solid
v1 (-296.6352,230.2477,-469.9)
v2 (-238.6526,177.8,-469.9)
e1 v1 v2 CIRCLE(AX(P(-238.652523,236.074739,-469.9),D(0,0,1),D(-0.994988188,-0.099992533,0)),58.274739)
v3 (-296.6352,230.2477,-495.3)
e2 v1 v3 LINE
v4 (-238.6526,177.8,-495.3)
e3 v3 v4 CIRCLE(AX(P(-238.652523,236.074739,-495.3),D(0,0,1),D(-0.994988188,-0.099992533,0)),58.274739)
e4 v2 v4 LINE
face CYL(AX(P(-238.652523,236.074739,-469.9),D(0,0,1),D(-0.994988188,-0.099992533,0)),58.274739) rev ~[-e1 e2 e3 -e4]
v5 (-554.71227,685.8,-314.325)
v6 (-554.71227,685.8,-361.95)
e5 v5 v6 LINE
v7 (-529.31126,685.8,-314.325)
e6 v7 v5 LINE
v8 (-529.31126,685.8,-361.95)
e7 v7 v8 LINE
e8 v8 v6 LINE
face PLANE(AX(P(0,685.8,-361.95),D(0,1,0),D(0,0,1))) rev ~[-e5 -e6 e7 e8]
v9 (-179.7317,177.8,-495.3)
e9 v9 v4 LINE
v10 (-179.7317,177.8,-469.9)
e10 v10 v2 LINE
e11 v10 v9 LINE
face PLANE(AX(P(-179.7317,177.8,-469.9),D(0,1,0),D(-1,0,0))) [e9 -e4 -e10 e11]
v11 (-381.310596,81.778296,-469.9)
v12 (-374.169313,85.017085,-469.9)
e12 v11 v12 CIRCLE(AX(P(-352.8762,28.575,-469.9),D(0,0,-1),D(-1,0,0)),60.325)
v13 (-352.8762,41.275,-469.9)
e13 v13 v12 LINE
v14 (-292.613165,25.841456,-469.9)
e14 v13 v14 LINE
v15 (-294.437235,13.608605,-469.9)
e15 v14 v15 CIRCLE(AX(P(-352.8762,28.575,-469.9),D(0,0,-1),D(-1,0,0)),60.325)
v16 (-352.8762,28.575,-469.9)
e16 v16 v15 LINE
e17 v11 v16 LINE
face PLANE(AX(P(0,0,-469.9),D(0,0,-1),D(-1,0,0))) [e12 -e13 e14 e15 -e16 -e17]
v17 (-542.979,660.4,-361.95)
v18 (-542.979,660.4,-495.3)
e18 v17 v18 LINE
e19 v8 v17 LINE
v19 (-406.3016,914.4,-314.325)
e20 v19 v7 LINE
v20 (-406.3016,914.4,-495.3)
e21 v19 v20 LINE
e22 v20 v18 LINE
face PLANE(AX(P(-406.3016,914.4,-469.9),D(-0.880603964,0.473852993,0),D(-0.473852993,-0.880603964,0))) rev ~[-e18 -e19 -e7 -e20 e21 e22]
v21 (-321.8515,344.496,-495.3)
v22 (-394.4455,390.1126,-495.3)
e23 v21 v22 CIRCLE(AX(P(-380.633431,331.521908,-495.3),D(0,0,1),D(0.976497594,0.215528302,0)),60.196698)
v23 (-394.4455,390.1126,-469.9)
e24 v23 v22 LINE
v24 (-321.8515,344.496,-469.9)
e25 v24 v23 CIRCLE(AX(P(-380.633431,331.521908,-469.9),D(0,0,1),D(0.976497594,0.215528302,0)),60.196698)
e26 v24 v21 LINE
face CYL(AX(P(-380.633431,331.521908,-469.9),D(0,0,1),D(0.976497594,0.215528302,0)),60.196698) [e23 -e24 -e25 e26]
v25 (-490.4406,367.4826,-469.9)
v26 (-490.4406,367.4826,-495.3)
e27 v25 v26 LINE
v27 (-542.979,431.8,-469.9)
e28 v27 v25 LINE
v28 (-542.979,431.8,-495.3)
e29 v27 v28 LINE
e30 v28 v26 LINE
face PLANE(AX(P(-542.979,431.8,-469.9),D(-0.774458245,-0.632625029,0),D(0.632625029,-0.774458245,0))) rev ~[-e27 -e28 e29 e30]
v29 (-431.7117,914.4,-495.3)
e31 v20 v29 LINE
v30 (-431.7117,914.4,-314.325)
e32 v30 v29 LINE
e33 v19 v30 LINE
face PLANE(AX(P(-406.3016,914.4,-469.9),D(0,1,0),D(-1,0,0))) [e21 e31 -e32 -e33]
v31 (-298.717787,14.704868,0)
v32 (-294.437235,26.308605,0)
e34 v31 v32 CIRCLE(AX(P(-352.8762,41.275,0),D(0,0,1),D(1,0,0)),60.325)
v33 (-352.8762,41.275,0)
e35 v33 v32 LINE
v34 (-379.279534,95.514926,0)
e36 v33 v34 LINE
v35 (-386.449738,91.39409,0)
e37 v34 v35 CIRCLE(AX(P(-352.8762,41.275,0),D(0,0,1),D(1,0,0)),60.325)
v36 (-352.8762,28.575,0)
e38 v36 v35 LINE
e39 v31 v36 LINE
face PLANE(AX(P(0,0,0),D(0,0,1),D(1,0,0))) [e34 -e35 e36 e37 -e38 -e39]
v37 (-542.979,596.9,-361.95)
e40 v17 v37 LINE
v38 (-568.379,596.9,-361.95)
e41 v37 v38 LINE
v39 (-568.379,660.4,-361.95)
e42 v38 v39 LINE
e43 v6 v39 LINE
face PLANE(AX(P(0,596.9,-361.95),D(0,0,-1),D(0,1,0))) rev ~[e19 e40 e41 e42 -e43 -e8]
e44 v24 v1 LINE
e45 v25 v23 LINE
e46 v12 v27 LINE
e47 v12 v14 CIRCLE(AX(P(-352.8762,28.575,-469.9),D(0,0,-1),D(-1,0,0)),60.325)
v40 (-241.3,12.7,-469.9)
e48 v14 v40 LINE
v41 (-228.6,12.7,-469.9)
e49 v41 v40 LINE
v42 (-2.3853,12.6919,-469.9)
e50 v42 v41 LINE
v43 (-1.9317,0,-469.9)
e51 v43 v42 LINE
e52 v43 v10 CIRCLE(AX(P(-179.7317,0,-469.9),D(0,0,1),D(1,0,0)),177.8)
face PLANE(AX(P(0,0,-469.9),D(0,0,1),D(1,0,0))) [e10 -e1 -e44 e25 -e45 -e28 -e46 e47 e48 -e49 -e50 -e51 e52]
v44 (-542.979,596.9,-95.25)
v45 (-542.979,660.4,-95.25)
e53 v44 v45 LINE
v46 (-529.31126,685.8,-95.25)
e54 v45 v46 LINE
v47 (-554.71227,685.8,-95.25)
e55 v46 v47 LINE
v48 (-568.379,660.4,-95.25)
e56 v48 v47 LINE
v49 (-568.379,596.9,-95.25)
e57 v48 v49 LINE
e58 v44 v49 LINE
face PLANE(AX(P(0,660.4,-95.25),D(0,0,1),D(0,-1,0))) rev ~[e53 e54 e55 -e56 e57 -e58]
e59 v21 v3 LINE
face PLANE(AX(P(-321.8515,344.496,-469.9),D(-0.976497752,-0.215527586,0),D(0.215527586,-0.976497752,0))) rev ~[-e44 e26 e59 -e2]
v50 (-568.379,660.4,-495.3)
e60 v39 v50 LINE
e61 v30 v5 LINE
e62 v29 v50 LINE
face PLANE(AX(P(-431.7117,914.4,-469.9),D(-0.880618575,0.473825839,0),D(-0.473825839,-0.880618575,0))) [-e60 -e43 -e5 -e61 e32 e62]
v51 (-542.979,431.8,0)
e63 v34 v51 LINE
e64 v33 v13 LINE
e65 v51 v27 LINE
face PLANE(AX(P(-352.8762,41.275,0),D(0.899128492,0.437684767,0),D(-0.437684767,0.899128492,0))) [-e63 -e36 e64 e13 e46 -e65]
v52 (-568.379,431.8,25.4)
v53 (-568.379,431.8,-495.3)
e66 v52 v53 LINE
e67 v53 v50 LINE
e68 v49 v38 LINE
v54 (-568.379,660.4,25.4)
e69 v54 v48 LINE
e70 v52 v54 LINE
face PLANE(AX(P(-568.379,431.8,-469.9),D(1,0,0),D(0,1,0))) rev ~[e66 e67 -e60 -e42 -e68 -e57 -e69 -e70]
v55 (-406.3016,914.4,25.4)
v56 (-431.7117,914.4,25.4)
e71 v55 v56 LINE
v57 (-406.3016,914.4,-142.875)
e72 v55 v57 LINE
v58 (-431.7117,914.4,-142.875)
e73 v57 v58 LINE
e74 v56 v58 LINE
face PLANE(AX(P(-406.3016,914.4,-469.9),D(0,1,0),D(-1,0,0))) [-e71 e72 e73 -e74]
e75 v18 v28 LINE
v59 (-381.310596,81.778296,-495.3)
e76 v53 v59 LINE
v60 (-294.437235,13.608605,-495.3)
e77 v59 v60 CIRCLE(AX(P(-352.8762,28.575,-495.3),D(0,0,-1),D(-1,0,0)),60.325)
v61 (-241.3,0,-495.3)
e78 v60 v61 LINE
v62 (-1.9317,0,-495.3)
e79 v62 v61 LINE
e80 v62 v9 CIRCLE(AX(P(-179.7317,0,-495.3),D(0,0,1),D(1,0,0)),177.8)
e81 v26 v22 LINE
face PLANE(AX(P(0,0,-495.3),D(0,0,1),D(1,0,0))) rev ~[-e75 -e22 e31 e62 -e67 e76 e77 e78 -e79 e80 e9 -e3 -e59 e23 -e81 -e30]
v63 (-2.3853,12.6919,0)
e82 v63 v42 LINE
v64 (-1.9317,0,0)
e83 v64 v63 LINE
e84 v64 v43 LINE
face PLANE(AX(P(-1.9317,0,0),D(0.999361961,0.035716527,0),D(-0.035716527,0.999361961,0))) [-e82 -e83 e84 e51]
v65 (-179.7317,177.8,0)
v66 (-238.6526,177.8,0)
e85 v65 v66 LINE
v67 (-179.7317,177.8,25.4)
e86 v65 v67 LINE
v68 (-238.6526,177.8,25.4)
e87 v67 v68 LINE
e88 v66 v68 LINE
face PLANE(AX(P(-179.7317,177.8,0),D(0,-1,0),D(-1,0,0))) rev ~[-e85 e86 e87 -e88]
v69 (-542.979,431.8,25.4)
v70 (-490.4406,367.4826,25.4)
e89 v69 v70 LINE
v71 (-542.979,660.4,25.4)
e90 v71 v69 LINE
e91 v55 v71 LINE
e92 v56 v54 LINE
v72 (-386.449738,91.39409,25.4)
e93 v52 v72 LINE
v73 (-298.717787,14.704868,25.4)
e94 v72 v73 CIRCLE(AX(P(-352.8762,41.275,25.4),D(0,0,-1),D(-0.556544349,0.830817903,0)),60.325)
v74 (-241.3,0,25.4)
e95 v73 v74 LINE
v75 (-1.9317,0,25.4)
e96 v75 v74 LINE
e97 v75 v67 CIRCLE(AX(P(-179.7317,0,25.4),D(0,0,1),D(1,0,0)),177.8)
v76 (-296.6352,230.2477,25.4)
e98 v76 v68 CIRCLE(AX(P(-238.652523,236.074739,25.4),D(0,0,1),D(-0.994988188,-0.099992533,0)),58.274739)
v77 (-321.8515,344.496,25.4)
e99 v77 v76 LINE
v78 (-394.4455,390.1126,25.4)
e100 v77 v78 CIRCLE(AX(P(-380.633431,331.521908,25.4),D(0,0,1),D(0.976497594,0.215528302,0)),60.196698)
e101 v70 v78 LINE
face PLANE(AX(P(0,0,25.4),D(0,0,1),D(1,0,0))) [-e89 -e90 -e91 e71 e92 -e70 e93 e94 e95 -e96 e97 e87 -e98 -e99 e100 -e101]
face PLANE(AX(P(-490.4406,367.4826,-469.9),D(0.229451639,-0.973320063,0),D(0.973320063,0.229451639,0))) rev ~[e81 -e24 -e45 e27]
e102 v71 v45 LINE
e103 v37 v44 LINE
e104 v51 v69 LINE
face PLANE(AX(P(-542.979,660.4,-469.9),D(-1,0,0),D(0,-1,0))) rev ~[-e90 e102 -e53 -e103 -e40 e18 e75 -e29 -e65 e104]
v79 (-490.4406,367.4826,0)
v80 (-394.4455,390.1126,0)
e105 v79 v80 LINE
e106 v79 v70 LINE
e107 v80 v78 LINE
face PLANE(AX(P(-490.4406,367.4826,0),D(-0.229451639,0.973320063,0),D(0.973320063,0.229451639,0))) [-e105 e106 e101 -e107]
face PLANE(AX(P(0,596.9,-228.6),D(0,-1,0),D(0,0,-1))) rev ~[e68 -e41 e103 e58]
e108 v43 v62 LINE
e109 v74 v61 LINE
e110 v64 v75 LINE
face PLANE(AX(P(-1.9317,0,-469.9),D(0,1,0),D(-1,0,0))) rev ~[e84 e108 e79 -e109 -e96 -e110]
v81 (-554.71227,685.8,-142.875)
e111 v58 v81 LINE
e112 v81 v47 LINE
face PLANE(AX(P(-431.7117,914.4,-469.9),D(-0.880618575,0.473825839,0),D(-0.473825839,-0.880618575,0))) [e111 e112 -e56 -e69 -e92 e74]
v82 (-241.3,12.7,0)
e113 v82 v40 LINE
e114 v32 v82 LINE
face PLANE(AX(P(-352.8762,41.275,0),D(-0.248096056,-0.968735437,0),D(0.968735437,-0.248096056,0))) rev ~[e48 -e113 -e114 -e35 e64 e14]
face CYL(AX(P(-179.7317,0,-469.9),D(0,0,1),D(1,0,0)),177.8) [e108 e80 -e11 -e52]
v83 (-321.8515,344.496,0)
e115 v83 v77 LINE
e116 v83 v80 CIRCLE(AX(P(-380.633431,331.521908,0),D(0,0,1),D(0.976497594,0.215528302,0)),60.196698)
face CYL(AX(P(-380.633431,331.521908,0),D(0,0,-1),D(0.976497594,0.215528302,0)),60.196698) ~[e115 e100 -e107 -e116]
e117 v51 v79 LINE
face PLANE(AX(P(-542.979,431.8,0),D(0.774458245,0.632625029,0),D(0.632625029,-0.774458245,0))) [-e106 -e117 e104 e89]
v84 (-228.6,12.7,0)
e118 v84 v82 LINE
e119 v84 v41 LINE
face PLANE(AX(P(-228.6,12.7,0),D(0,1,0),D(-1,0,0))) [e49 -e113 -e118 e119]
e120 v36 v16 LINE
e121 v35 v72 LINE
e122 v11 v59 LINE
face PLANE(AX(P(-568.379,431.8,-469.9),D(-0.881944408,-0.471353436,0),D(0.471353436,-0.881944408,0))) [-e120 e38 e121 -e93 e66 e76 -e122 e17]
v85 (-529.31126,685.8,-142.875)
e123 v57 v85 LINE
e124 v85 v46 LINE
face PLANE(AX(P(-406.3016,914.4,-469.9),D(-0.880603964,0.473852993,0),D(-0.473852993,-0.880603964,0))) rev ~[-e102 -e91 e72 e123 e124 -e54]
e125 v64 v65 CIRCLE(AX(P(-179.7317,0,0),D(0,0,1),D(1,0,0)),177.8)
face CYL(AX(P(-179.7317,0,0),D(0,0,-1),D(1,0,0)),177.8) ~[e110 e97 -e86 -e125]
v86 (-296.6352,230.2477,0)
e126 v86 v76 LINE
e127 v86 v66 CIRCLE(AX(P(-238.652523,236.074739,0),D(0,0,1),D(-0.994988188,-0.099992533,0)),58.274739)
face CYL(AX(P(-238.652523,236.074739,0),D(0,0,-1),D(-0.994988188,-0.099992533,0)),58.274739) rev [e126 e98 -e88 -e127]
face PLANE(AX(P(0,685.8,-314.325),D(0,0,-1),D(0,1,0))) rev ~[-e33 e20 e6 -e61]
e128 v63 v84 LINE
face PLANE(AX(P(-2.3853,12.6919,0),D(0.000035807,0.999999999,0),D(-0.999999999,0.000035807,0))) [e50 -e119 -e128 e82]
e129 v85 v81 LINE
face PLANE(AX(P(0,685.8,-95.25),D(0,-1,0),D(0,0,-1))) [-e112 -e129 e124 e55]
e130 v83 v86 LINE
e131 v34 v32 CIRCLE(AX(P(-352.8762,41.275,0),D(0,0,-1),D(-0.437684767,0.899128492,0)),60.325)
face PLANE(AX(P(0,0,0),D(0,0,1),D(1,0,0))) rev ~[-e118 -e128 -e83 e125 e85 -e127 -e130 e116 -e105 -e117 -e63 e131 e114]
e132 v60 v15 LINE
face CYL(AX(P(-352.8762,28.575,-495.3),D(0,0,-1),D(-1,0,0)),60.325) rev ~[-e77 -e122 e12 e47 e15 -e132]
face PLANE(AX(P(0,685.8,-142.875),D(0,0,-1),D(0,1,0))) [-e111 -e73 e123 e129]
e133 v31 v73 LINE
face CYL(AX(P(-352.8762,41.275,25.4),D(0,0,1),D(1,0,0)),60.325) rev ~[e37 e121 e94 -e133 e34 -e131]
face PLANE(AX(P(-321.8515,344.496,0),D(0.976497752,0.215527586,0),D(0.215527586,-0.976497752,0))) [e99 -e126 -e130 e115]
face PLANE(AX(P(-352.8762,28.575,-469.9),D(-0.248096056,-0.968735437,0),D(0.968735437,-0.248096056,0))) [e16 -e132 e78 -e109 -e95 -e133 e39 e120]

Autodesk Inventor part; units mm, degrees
ref_plane "YZ Plane" through (0, 0, 0) normal (1, 0, 0) x (0, 1, 0)
ref_plane "XZ Plane" through (0, 0, 0) normal (0, 1, 0) x (-1, 0, 0)
sketch "Sketch1" plane through (0, 0, 0) normal (0, 0, 1) x (1, 0, 0)
  line L0 (0, 0) -> (-241.3, 0)
  line L1 (-352.8762, 28.575) -> (-241.3, 0)
  line L2 (-568.379, 431.8) -> (-352.8762, 28.575)
  arc A0 (-1.9317, 0) -> (-179.7317, 177.8) centre (-179.7317, 0) ccw
  arc A1 (-321.8515, 344.496) -> (-394.4455, 390.1126) centre (-380.6333, 331.522) ccw
  line L3 (-179.7317, 177.8) -> (-238.6526, 177.8)
  line L4 (-321.8515, 344.496) -> (-296.6352, 230.2477)
  arc A2 (-296.6352, 230.2477) -> (-238.6526, 177.8) centre (-238.6526, 236.0747) ccw
  line L5 (-490.4406, 367.4826) -> (-394.4455, 390.1126)
  line L6 (-568.379, 431.8) -> (-568.379, 660.4)
  line L7 (-542.979, 660.4) -> (-542.979, 431.8)
  line L8 (-542.979, 431.8) -> (-490.4406, 367.4826)
  line L9 (-431.7117, 914.4) -> (-568.379, 660.4)
  line L10 (-406.3016, 914.4) -> (-542.979, 660.4)
  line L11 (-406.3016, 914.4) -> (-431.7117, 914.4)
sketch "Sketch4" plane through (0, 0, 0) normal (0, 0, 1) x (1, 0, 0)
  line L0 (0, 0) -> (-241.3, 0)
  line L1 (-352.8762, 28.575) -> (-241.3, 0)
  line L2 (-568.379, 431.8) -> (-352.8762, 28.575)
  line L3 (-568.379, 431.8) -> (-568.379, 660.4)
  line L4 (-542.979, 660.4) -> (-542.979, 431.8)
  line L5 (-431.7117, 914.4) -> (-568.379, 660.4)
  line L6 (-406.3016, 914.4) -> (-542.979, 660.4)
  line L7 (-406.3016, 914.4) -> (-431.7117, 914.4)
  line L8 (-1.9317, 0) -> (-2.3853, 12.6919)
  line L9 (-241.3, 0) -> (-228.6, 0)
  line L10 (-228.6, 0) -> (-228.6, 12.7)
  line L11 (-2.3853, 12.6919) -> (-228.6, 12.7)
  line L12 (-228.6, 12.7) -> (-290.8894, 12.7)
  line L13 (-241.3, 0) -> (-241.3, 12.7)
  line L14 (-352.8762, 28.575) -> (-352.8762, 41.275)
  line L15 (-352.8762, 41.275) -> (-241.3, 12.7)
  line L16 (-352.8762, 41.275) -> (-542.979, 431.8)
  dimension "d63" = 12.7
  dimension "d64" = 12.7
  dimension "d65" = 12.7
  dimension "d66" = 12.7
  dimension "d68" = 12.7
extrude "Extrusion1" add sketch "Sketch4" against normal blind 469.9
extrude "Extrusion2" add sketch "Sketch1" along normal blind 25.4
ref_plane "Work Plane3" through (0, 0, -469.9) normal (0, 0, 1) x (1, 0, 0)
sketch "Sketch5" plane through (0, 0, 0) normal (0, 0, 1) x (1, 0, 0)
  line L0 (0, 0) -> (-241.3, 0)
  line L1 (-352.8762, 28.575) -> (-241.3, 0)
  line L2 (-568.379, 431.8) -> (-352.8762, 28.575)
  arc A0 (-1.9317, 0) -> (-179.7317, 177.8) centre (-179.7317, 0) ccw
  arc A1 (-321.8515, 344.496) -> (-394.4455, 390.1126) centre (-380.6333, 331.522) ccw
  line L3 (-179.7317, 177.8) -> (-238.6526, 177.8)
  line L4 (-321.8515, 344.496) -> (-296.6352, 230.2477)
  arc A2 (-296.6352, 230.2477) -> (-238.6526, 177.8) centre (-238.6526, 236.0747) ccw
  line L5 (-490.4406, 367.4826) -> (-394.4455, 390.1126)
  line L6 (-568.379, 431.8) -> (-568.379, 660.4)
  line L7 (-542.979, 660.4) -> (-542.979, 431.8)
  line L8 (-542.979, 431.8) -> (-490.4406, 367.4826)
  line L9 (-431.7117, 914.4) -> (-568.379, 660.4)
  line L10 (-406.3016, 914.4) -> (-542.979, 660.4)
  line L11 (-406.3016, 914.4) -> (-431.7117, 914.4)
sketch "Sketch6" plane through (0, 0, -469.9) normal (0, 0, 1) x (1, 0, 0)
  point P0 (0, 0)
sketch "Sketch7" plane through (0, 0, -469.9) normal (0, 0, 1) x (1, 0, 0)
  line L0 (0, 0) -> (-241.3, 0)
  line L1 (-352.8762, 28.575) -> (-241.3, 0)
  line L2 (-568.379, 431.8) -> (-352.8762, 28.575)
  arc A0 (-1.9317, 0) -> (-179.7317, 177.8) centre (-179.7317, 0) ccw
  arc A1 (-321.8515, 344.496) -> (-394.4455, 390.1126) centre (-380.6333, 331.522) ccw
  line L3 (-179.7317, 177.8) -> (-238.6526, 177.8)
  line L4 (-321.8515, 344.496) -> (-296.6352, 230.2477)
  arc A2 (-296.6352, 230.2477) -> (-238.6526, 177.8) centre (-238.6526, 236.0747) ccw
  line L5 (-490.4406, 367.4826) -> (-394.4455, 390.1126)
  line L6 (-568.379, 431.8) -> (-568.379, 660.4)
  line L7 (-542.979, 660.4) -> (-542.979, 431.8)
  line L8 (-542.979, 431.8) -> (-490.4406, 367.4826)
  line L9 (-431.7117, 914.4) -> (-568.379, 660.4)
  line L10 (-406.3016, 914.4) -> (-542.979, 660.4)
  line L11 (-406.3016, 914.4) -> (-431.7117, 914.4)
extrude "Extrusion3" add sketch "Sketch7" against normal blind 25.4
sketch "Sketch8" plane through (0, 0, 0) normal (1, 0, 0) x (0, 1, 0)
  line L0 (0, 0) -> (0, -228.6)
  line L1 (0, -495.3) -> (0, 25.4) projected
  line L2 (0, -228.6) -> (596.9, -228.6)
  line L3 (660.4, -495.3) -> (660.4, 25.4) projected
  line L4 (596.9, -228.6) -> (596.9, -95.25)
  line L5 (431.8, 0) -> (431.8, -469.9) projected
  line L6 (596.9, -228.6) -> (596.9, -361.95)
  line L7 (596.9, -361.95) -> (1104.9, -361.95)
  line L8 (1104.9, -361.95) -> (1104.9, -95.25)
  line L9 (1104.9, -95.25) -> (596.9, -95.25)
  line L10 (596.9, -95.25) -> (660.4, -95.25)
  line L11 (660.4, -95.25) -> (685.8, -95.25)
  line L12 (685.8, -95.25) -> (685.8, -142.875)
  line L13 (685.8, -142.875) -> (1104.9, -142.875)
  line L14 (660.4, -361.95) -> (685.8, -361.95)
  line L15 (685.8, -361.95) -> (685.8, -314.325)
  line L16 (685.8, -314.325) -> (1104.9, -314.325)
  dimension "d77" = 228.6
  dimension "d78" = 596.9
  dimension "d80" = 133.35
  dimension "d81" = 133.35
  dimension "d82" = 508
  dimension "d83" = 266.7
  dimension "d84" = 25.4
  dimension "d85" = 47.625
  dimension "d86" = 47.625
extrude "Extrusion4" cut sketch "Sketch8" against normal blind 914.4 contours L7 L6 L4 L9 L3 | L3 L9 L12 L13 L8 L16 L15 L7
sketch "Sketch11" plane through (0, 0, -495.3) normal (0, 0, -1) x (-1, 0, 0)
  line L0 (352.8762, 28.575) -> (241.3, 0) projected
  circle A0 centre (352.8762, 28.575) radius 60.325
  point P0 (0, 0)
  dimension "d92" = 120.65
extrude "Extrusion6" cut sketch "Sketch11" against normal blind 25.4
sketch "Sketch12" plane through (0, 0, 25.4) normal (0, 0, 1) x (1, 0, 0)
  line L0 (-241.3, 12.7) -> (-352.8762, 41.275) projected
  circle A0 centre (-352.8762, 41.275) radius 60.325
  point P0 (0, 0)
  dimension "d95" = 120.65
extrude "Extrusion7" cut sketch "Sketch12" against normal blind 25.4
equation "\"SeatBottomDepth\" = 241.3"
equation "\"SeatFrontBottomWidth\" = 469.9"
equation "\"SeatFrontSidesWidth\" = 520.7"
equation "\"SeatBackInnerWidth\" = 304.8"
equation "\"SeatBackOuterWidth\" = 482.6"
equation "\"SeatBackLength\" = 457.2"
properties part number "Seat"
